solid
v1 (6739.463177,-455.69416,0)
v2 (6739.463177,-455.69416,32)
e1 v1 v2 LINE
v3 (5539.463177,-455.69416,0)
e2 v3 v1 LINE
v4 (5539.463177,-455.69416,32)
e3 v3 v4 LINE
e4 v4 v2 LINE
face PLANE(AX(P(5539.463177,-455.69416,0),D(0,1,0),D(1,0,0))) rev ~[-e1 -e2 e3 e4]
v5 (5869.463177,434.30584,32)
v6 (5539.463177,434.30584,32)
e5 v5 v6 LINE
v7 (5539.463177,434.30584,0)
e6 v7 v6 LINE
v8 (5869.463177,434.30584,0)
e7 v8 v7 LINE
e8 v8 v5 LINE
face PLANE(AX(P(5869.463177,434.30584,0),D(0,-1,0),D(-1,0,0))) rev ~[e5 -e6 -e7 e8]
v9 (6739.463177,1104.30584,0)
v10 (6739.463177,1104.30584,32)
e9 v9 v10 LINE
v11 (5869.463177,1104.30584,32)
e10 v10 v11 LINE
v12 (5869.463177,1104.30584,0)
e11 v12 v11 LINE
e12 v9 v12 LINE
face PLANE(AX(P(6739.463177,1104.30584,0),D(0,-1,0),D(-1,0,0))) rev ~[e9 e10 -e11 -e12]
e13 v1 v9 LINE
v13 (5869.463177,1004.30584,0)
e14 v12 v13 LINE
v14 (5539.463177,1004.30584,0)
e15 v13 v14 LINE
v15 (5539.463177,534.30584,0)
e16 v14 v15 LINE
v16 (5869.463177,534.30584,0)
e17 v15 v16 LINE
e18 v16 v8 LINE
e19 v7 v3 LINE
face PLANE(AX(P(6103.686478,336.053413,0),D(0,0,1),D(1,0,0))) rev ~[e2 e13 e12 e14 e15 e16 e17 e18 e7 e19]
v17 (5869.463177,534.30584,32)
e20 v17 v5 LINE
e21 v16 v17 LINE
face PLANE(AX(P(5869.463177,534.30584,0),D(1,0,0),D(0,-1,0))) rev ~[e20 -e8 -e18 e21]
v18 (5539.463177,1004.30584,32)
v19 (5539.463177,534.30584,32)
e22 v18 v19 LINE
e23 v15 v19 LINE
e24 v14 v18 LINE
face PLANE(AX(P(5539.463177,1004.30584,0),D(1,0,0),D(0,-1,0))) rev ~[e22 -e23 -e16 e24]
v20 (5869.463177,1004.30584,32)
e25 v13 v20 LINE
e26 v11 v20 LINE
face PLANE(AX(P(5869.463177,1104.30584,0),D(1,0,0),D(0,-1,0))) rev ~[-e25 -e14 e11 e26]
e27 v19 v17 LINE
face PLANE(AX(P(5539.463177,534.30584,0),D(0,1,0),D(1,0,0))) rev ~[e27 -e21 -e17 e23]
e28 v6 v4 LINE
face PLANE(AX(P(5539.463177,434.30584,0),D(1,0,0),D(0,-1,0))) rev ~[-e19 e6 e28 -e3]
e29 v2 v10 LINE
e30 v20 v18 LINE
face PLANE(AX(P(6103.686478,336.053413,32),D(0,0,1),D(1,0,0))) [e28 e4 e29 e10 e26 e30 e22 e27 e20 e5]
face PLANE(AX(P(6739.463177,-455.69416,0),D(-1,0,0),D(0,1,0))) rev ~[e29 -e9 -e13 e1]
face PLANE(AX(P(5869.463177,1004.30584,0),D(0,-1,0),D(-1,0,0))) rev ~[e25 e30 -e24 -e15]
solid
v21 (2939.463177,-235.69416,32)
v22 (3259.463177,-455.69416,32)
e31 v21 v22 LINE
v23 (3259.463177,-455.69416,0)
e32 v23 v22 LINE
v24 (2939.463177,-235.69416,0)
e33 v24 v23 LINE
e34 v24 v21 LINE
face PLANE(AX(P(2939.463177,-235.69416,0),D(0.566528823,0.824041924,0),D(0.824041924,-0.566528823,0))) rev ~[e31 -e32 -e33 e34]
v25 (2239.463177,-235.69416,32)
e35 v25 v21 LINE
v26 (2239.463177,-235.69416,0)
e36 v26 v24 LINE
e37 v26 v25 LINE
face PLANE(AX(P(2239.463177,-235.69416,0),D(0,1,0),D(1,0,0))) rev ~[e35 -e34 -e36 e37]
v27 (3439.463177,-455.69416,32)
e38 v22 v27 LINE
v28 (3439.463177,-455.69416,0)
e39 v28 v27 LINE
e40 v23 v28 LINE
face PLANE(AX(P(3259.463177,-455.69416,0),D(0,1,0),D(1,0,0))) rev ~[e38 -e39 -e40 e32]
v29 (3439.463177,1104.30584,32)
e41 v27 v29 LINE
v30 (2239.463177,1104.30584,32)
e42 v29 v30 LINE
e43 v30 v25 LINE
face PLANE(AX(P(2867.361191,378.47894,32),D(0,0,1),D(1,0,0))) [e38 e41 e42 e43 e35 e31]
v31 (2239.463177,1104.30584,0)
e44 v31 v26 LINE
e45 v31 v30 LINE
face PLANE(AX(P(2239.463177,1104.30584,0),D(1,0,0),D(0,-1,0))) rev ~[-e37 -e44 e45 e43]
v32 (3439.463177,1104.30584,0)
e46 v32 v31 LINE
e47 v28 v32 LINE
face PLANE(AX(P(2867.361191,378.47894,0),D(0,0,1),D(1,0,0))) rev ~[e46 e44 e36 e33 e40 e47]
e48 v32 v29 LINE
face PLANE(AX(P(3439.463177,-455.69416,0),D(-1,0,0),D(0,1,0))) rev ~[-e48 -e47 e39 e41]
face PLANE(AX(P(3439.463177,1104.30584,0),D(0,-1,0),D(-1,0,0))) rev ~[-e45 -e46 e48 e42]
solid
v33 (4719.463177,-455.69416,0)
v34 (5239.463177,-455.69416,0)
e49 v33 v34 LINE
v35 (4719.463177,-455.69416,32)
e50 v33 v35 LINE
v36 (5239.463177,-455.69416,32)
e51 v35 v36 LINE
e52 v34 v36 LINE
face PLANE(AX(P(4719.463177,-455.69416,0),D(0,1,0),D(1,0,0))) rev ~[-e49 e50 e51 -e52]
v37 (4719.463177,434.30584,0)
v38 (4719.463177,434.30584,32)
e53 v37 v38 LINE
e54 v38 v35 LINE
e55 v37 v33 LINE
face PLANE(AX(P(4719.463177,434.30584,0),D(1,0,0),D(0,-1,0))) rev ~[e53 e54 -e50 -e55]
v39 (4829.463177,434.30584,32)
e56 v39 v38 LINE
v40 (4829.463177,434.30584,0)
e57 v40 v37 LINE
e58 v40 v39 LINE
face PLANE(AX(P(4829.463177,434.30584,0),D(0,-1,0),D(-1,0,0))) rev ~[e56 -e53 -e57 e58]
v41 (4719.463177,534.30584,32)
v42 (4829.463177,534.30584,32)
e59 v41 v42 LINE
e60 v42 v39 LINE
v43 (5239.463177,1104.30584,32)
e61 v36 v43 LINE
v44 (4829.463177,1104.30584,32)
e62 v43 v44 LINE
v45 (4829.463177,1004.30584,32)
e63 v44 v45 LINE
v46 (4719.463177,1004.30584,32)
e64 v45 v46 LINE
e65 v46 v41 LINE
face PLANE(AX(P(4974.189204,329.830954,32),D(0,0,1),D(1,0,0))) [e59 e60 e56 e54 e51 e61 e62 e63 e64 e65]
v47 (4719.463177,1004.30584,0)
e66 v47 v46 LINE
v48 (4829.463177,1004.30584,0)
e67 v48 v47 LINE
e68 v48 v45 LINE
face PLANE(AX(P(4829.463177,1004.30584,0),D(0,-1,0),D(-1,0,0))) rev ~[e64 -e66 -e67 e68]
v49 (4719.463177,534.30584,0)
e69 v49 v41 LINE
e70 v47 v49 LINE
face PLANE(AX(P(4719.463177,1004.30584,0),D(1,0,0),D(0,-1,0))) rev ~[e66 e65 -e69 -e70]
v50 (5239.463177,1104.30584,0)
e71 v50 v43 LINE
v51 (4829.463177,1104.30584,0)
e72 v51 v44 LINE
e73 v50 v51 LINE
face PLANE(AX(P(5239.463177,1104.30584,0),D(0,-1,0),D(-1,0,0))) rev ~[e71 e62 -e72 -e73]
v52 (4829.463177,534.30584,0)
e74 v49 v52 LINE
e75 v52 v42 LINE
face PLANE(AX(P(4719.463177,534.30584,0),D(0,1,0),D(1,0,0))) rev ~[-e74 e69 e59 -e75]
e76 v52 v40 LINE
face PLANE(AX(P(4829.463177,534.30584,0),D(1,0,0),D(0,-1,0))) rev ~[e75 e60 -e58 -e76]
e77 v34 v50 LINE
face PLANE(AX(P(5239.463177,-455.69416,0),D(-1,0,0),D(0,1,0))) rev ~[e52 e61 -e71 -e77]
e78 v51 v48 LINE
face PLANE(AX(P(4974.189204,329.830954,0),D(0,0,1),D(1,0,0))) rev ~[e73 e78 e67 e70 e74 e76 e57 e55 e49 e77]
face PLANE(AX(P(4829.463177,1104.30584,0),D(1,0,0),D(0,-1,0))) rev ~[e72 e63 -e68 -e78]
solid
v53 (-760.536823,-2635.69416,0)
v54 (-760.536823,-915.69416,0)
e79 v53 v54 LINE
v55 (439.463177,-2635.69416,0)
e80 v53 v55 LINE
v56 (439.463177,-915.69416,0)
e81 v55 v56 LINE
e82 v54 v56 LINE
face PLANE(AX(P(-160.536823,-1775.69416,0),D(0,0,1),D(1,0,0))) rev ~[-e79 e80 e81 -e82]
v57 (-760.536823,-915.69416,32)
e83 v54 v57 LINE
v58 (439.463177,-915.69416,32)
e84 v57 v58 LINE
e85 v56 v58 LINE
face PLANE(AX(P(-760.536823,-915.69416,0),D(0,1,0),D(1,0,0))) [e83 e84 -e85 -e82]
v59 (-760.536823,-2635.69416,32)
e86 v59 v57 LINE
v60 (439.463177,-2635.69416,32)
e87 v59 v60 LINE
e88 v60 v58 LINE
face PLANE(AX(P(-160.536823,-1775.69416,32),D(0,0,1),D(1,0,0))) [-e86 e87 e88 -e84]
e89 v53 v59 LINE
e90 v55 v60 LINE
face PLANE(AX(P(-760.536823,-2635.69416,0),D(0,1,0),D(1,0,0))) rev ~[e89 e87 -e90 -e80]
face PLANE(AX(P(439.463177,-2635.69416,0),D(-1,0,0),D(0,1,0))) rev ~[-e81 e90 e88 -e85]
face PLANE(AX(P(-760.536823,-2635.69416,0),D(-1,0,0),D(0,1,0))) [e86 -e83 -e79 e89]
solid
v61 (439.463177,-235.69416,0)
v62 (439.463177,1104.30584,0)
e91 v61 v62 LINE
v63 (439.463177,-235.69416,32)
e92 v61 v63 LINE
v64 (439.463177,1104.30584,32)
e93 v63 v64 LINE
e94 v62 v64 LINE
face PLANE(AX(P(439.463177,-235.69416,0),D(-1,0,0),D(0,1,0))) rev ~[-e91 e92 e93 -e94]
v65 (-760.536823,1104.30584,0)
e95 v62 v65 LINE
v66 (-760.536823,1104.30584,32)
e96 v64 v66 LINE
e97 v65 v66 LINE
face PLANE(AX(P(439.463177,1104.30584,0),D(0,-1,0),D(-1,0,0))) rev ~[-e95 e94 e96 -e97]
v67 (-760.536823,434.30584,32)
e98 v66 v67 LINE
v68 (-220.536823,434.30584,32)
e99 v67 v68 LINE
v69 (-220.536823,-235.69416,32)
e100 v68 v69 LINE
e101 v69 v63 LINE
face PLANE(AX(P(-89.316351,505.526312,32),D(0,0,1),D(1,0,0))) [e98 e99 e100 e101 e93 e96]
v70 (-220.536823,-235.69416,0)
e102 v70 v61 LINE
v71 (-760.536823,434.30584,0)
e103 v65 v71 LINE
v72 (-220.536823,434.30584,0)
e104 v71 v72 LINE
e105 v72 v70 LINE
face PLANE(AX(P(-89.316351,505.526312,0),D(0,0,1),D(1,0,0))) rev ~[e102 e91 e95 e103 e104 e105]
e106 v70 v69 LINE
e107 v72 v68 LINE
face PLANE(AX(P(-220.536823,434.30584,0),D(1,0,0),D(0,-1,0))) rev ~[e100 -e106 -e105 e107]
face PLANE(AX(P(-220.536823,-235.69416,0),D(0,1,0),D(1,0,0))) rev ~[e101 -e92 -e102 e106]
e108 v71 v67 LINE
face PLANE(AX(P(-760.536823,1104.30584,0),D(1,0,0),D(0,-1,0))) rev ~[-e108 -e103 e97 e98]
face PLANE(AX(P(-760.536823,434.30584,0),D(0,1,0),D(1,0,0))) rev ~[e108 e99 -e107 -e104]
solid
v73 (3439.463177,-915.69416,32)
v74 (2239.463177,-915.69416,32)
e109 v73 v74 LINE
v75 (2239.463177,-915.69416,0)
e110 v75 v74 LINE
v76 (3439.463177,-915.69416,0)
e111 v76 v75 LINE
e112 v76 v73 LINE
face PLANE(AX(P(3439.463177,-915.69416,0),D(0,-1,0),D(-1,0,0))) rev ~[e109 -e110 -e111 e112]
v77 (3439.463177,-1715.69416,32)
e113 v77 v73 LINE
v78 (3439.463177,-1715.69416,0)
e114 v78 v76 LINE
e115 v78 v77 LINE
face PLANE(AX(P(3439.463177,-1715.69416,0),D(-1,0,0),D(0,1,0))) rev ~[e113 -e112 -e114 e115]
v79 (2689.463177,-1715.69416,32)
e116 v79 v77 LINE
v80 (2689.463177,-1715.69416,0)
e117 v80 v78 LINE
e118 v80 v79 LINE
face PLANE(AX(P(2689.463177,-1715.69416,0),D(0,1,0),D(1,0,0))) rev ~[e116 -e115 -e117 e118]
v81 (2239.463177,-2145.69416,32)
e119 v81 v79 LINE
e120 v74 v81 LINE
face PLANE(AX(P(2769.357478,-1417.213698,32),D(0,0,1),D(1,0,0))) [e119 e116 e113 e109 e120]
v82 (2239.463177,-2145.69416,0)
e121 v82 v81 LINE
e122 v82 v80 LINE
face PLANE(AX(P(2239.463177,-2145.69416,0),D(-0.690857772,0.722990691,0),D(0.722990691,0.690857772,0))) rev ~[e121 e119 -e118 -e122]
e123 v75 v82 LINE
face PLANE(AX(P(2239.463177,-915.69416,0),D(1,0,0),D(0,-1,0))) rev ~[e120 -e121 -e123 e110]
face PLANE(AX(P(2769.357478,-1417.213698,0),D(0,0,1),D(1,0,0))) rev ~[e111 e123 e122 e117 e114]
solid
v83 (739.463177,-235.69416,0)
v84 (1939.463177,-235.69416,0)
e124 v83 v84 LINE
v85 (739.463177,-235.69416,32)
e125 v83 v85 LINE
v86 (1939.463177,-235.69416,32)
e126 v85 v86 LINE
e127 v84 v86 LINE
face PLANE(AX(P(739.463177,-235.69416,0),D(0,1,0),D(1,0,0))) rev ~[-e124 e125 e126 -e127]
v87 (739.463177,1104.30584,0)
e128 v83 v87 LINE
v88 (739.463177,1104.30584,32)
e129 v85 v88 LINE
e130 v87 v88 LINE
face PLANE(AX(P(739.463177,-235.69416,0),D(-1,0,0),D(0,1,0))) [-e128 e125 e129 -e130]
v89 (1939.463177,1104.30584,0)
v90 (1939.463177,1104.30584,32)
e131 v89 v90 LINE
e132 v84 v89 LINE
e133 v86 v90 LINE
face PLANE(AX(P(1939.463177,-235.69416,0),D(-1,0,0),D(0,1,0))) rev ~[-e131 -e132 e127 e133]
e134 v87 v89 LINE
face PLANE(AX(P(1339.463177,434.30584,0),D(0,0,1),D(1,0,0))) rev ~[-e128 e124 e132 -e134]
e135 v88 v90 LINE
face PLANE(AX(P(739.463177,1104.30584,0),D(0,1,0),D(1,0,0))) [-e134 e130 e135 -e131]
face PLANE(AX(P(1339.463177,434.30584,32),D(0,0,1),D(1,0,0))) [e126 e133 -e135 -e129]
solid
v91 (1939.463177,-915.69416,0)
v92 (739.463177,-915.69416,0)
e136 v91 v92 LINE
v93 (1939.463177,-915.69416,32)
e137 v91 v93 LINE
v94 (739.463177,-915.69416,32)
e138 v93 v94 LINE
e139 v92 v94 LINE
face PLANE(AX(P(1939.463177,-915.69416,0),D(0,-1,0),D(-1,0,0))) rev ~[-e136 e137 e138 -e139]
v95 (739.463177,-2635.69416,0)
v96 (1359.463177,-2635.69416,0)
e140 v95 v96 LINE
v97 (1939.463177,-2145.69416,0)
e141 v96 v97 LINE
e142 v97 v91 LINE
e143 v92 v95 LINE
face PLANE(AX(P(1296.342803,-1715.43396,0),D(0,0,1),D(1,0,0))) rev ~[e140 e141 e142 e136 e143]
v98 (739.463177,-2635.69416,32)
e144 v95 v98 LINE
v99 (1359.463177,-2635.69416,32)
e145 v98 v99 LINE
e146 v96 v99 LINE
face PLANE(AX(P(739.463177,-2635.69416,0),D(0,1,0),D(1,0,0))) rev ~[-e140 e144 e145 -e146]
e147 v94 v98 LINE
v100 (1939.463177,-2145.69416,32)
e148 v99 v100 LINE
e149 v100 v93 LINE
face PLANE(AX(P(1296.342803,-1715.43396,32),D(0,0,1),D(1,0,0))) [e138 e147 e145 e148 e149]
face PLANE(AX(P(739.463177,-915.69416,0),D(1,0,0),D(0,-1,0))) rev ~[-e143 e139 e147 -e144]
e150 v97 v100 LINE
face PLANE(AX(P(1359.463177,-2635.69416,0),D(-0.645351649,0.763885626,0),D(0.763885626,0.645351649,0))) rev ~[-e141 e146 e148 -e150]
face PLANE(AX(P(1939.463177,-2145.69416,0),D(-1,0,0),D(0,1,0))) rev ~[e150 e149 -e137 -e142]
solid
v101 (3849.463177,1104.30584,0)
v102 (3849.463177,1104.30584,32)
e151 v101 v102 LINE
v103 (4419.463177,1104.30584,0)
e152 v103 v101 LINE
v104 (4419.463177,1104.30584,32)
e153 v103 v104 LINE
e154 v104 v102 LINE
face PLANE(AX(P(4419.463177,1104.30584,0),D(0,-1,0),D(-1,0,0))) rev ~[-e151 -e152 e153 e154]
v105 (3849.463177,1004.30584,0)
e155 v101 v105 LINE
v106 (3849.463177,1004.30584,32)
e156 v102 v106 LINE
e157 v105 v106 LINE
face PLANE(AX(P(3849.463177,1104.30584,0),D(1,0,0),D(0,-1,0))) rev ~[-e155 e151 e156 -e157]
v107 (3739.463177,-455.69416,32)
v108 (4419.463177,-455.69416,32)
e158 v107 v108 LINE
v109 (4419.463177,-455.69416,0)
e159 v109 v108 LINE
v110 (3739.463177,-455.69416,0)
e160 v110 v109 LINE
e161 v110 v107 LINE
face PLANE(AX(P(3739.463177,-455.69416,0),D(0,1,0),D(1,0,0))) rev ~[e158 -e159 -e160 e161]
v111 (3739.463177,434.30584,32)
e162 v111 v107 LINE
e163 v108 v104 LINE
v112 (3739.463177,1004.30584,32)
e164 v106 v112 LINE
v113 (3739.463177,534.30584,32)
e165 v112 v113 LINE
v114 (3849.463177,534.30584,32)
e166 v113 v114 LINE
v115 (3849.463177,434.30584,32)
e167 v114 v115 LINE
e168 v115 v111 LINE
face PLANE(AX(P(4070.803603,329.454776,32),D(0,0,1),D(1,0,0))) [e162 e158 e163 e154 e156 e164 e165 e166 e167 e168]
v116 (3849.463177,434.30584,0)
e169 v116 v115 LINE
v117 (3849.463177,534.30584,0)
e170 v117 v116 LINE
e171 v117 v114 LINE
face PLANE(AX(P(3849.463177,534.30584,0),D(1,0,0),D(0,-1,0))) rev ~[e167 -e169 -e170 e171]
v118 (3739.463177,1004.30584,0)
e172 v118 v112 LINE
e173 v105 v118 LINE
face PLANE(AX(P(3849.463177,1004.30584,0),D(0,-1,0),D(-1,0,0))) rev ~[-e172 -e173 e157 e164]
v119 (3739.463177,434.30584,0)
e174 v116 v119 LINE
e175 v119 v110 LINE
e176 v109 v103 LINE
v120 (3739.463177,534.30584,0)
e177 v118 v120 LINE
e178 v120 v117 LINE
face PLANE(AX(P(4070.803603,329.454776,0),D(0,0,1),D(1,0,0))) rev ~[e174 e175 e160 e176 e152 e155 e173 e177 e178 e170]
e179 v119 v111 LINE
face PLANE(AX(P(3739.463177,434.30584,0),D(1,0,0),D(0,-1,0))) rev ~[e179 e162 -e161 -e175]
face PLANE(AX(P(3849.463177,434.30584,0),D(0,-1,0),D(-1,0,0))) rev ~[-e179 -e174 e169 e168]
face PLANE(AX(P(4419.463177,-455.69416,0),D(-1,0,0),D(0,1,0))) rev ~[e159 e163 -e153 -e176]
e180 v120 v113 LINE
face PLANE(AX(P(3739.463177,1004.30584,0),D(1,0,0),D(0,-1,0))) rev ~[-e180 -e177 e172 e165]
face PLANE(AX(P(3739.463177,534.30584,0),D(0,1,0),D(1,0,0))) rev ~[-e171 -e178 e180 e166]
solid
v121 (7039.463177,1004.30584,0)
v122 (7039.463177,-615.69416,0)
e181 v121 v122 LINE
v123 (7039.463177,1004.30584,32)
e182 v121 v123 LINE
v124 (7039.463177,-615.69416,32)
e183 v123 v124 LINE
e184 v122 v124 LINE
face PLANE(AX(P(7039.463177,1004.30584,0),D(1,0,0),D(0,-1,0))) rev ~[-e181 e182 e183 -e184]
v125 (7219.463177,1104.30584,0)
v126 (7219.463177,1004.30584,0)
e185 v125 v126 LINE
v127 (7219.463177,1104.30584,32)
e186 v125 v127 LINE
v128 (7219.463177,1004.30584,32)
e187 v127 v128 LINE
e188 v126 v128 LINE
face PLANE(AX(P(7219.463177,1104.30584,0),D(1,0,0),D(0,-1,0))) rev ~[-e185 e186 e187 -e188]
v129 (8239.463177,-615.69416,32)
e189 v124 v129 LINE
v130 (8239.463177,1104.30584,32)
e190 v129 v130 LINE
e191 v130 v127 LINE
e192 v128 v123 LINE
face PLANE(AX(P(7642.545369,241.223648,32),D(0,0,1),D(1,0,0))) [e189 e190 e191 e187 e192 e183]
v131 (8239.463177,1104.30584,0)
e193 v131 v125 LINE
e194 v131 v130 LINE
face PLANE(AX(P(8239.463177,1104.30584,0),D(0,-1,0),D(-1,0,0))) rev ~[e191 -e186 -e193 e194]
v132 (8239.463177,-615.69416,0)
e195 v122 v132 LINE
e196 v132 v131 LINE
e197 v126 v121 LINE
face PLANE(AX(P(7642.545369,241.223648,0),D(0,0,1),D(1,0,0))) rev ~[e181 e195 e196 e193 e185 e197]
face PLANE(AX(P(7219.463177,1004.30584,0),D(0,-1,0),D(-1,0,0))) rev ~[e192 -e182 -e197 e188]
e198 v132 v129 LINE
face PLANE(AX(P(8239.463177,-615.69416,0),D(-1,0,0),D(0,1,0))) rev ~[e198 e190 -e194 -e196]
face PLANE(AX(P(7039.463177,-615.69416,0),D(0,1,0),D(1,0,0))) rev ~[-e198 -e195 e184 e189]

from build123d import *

# Parameters (mm, degrees)
F0_W     = 1200
F0_H     = 1340
F0_H_2   = 1720
F1_DEPTH = 32


with BuildPart() as f1:
    # F0 (on Top) → F1 (new body)
    with BuildSketch(Plane.XY):
        Polygon((439.463177, 1104.30584), (-760.536823, 1104.30584), (-760.536823, 434.30584), (-220.536823, 434.30584), (-220.536823, -235.69416), (439.463177, -235.69416), align=None)
        with Locations((1339.463177, 434.30584)):
            Rectangle(F0_W, F0_H)
        Polygon((3439.463177, 1104.30584), (2239.463177, 1104.30584), (2239.463177, -235.69416), (2939.463177, -235.69416), (3259.463177, -455.69416), (3439.463177, -455.69416), align=None)
        Polygon((4419.463177, 1104.30584), (3849.463177, 1104.30584), (3849.463177, 1004.30584), (3739.463177, 1004.30584), (3739.463177, 534.30584), (3849.463177, 534.30584), (3849.463177, 434.30584), (3739.463177, 434.30584), (3739.463177, -455.69416), (4419.463177, -455.69416), align=None)
        Polygon((4829.463177, 1004.30584), (4719.463177, 1004.30584), (4719.463177, 534.30584), (4829.463177, 534.30584), (4829.463177, 434.30584), (4719.463177, 434.30584), (4719.463177, -455.69416), (5239.463177, -455.69416), (5239.463177, 1104.30584), (4829.463177, 1104.30584), align=None)
        Polygon((5869.463177, 1004.30584), (5539.463177, 1004.30584), (5539.463177, 534.30584), (5869.463177, 534.30584), (5869.463177, 434.30584), (5539.463177, 434.30584), (5539.463177, -455.69416), (6739.463177, -455.69416), (6739.463177, 1104.30584), (5869.463177, 1104.30584), align=None)
        Polygon((7219.463177, 1004.30584), (7039.463177, 1004.30584), (7039.463177, 407.840582), (7039.463177, 307.840582), (7039.463177, -615.69416), (8239.463177, -615.69416), (8239.463177, 1104.30584), (7219.463177, 1104.30584), align=None)
        with Locations((-160.536823, -1775.69416)):
            Rectangle(F0_W, F0_H_2)
        Polygon((1939.463177, -915.69416), (739.463177, -915.69416), (739.463177, -2635.69416), (1359.463177, -2635.69416), (1939.463177, -2145.69416), align=None)
        Polygon((3439.463177, -915.69416), (2239.463177, -915.69416), (2239.463177, -2145.69416), (2689.463177, -1715.69416), (3439.463177, -1715.69416), align=None)
    extrude(amount=F1_DEPTH)


solid = f1.part
